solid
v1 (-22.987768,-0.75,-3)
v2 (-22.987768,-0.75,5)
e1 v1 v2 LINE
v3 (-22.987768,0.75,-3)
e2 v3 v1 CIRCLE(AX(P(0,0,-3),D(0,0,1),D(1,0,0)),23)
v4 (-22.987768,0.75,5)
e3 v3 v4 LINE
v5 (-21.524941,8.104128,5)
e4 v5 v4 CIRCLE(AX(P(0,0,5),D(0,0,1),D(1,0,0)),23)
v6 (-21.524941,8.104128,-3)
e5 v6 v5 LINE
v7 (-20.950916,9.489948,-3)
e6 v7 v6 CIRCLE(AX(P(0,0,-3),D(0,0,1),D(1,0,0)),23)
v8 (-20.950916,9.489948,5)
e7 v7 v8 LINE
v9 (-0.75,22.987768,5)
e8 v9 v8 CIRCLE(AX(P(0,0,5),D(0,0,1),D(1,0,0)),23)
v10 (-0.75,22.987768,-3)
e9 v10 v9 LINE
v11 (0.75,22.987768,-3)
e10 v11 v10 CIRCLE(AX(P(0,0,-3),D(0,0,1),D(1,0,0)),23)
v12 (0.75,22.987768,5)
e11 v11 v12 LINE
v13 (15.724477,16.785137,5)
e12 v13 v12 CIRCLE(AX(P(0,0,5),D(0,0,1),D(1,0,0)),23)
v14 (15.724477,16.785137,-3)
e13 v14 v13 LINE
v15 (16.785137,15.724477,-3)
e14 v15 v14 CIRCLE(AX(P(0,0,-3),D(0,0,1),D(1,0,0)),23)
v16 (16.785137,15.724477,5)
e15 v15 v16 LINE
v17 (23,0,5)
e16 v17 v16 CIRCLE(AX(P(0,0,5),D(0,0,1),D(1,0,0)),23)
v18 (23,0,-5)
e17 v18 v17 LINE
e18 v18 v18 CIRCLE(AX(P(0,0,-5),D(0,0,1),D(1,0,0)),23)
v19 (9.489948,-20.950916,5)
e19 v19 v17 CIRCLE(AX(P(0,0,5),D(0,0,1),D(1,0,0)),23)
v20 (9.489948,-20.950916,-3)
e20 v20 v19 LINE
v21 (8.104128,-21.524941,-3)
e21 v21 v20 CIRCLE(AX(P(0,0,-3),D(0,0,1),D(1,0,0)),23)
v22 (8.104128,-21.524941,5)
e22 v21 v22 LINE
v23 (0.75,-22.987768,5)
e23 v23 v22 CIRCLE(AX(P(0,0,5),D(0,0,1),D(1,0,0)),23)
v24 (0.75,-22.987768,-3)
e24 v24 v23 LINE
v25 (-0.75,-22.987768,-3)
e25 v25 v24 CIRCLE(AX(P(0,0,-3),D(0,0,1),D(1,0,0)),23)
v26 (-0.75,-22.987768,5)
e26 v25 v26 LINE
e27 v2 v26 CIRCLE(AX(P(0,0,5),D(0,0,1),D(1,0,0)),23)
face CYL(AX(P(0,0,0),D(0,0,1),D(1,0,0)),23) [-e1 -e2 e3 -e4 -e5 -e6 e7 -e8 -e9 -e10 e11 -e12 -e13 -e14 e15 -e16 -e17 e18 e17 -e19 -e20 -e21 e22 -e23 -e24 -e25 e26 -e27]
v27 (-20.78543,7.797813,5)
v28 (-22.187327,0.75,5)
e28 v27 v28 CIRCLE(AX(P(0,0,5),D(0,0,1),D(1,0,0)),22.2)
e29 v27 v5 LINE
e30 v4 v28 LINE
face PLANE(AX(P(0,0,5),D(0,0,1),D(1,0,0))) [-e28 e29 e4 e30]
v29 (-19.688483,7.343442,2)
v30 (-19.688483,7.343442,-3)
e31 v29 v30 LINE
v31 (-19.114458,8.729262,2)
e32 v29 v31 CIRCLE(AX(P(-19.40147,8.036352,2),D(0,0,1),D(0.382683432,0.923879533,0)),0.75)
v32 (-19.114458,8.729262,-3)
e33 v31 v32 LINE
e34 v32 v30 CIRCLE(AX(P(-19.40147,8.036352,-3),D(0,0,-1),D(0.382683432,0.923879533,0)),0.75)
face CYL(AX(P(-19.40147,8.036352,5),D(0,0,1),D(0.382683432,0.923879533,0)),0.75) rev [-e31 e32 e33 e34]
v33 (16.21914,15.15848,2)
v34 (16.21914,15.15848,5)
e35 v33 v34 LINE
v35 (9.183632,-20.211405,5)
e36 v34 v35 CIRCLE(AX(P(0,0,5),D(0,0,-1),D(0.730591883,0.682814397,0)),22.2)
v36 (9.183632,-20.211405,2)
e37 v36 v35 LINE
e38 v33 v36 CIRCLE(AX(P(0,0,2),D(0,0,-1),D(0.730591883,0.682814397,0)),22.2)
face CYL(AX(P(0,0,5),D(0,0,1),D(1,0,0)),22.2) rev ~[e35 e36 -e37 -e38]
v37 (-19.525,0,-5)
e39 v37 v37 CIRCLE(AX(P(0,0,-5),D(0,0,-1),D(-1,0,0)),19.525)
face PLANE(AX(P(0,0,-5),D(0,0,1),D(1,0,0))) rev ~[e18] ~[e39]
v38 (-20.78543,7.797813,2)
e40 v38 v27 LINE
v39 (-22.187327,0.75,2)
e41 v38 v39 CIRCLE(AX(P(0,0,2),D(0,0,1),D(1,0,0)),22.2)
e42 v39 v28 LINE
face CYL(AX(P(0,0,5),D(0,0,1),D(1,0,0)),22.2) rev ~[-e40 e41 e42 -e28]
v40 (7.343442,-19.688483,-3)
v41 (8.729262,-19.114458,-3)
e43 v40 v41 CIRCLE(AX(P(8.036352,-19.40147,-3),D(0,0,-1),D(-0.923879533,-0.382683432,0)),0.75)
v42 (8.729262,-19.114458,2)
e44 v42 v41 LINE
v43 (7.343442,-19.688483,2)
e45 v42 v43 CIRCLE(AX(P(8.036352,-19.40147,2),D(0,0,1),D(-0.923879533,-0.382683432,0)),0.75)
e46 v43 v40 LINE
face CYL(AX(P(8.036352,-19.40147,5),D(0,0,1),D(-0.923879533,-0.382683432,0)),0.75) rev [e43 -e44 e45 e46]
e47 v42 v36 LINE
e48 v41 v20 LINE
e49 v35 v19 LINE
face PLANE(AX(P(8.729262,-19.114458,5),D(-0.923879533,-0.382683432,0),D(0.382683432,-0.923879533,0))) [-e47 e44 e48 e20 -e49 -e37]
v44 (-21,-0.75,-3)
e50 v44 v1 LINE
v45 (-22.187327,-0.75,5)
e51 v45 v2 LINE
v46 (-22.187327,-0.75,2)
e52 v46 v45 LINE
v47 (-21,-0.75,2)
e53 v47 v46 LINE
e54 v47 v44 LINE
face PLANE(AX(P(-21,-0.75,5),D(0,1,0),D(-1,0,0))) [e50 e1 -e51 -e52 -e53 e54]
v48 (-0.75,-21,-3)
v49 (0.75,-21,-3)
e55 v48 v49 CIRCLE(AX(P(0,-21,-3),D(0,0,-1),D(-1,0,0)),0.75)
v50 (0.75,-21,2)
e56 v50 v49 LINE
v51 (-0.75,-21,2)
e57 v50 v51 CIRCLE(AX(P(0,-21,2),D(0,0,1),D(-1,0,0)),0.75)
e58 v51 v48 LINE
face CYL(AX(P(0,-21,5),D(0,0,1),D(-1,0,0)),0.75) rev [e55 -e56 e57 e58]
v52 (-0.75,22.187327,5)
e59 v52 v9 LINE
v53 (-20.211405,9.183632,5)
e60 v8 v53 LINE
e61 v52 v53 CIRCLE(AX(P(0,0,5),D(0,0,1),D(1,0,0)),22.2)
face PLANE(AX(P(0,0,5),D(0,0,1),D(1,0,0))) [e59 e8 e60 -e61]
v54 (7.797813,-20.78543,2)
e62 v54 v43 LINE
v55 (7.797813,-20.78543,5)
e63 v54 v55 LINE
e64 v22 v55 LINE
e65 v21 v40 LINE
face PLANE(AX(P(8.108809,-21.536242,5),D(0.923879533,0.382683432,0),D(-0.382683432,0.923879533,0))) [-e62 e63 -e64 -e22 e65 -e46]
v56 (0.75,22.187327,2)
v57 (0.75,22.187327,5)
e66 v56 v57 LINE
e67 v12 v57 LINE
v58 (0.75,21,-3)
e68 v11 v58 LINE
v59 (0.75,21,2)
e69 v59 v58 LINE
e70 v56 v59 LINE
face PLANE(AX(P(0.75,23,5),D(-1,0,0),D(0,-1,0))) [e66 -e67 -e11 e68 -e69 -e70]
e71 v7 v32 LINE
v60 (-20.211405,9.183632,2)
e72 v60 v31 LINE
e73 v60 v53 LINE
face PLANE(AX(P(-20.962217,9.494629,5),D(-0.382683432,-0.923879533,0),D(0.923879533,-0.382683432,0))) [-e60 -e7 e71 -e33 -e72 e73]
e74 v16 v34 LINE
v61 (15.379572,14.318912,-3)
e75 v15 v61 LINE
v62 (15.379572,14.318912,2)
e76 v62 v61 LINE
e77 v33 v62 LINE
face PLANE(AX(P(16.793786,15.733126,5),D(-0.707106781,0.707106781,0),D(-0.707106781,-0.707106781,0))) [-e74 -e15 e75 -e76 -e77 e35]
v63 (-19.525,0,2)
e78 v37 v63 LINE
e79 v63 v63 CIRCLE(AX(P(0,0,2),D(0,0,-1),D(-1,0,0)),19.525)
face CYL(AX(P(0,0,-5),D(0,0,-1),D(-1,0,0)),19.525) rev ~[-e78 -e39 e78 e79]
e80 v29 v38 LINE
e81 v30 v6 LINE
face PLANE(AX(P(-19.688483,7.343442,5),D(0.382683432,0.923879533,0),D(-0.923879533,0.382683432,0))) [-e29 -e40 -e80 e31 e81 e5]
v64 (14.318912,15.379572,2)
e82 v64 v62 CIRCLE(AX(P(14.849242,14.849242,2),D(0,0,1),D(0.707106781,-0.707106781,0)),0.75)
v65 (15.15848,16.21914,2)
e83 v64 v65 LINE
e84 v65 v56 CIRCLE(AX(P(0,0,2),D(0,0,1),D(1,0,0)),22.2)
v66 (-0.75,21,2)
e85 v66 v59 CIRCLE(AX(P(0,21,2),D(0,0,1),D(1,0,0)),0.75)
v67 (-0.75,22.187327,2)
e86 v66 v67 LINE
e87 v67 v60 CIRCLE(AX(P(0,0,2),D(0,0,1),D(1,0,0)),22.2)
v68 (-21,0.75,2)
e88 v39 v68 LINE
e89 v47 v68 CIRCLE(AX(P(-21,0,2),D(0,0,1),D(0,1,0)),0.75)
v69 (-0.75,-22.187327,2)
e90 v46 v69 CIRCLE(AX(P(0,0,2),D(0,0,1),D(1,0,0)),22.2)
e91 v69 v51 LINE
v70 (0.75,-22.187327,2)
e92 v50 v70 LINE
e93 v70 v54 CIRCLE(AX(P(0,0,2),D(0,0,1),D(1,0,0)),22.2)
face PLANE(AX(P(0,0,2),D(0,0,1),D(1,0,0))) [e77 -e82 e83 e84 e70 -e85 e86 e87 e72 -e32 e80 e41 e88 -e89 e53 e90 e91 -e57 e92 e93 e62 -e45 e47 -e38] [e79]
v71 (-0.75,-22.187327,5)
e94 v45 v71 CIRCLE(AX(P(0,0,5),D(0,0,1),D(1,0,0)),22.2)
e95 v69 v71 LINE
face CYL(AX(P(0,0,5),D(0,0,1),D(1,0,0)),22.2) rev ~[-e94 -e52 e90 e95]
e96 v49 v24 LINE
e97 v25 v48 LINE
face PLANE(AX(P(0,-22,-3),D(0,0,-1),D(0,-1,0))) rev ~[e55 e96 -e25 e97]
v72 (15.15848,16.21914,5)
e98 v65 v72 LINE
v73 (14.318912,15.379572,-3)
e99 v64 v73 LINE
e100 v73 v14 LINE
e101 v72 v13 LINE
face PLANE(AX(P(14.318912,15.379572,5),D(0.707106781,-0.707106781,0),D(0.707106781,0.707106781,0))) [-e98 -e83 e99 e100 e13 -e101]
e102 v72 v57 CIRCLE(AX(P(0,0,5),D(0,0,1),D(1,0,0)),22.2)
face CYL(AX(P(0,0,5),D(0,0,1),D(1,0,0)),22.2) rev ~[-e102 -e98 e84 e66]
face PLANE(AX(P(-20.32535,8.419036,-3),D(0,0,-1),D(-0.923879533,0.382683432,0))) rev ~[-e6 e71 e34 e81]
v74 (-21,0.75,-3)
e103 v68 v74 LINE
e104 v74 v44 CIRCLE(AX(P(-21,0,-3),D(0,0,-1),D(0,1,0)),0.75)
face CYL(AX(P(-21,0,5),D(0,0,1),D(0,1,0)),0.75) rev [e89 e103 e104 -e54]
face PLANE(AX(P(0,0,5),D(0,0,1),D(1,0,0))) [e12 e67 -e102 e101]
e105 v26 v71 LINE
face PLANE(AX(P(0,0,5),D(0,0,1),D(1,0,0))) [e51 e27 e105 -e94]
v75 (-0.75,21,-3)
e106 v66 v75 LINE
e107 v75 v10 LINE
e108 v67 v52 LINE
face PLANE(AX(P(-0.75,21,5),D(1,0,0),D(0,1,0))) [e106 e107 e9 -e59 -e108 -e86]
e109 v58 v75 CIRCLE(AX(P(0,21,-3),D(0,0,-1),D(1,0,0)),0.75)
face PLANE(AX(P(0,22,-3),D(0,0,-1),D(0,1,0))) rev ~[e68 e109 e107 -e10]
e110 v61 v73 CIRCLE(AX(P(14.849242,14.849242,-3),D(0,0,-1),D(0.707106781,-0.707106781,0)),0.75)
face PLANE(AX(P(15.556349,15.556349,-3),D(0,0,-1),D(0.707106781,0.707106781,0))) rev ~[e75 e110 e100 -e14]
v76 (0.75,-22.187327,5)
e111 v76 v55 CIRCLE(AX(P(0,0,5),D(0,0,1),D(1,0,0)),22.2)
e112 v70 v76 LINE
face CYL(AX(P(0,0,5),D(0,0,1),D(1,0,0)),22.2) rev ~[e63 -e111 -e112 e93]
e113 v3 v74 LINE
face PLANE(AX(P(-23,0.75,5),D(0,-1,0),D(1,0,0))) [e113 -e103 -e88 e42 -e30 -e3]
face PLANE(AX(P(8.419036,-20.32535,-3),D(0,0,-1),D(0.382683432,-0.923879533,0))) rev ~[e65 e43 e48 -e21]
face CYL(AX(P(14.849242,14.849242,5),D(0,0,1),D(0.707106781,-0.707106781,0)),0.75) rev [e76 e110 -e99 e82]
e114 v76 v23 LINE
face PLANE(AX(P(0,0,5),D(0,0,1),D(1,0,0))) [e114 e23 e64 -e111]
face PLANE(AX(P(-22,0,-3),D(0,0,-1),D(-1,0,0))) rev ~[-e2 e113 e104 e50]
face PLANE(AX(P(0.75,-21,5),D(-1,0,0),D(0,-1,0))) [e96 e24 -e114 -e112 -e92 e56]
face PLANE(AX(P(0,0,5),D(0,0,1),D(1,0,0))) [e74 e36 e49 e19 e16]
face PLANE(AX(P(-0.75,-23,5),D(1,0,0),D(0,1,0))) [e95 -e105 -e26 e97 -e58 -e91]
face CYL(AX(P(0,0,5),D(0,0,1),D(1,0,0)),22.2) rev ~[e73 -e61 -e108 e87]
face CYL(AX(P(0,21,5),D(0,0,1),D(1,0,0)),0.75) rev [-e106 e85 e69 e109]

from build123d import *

# Parameters (mm, degrees)
SKETCH1_R           = 23
BOSS_EXTRUDE1_DEPTH = 5
SKETCH2_R           = 22.2
CUT_EXTRUDE1_DEPTH  = 3
SKETCH3_R           = 19.525
CUT_EXTRUDE2_DEPTH  = 7
CUT_EXTRUDE4_DEPTH  = 8
CIRPATTERN1_COUNT   = 16


with BuildPart() as part:
    # Sketch1 → Boss-Extrude1 (new body, symmetric)
    with BuildSketch(Plane.XY):
        Circle(SKETCH1_R)
    extrude(amount=BOSS_EXTRUDE1_DEPTH, both=True)

    # Sketch2 → Cut-Extrude1 (cut)
    with BuildSketch(Plane.XY.offset(5)):
        Circle(SKETCH2_R)
    extrude(amount=-CUT_EXTRUDE1_DEPTH, mode=Mode.SUBTRACT)

    # Sketch3 → Cut-Extrude2 (cut)
    with BuildSketch(Plane(origin=(0, 0, -5), x_dir=(-1, 0, 0), z_dir=(0, 0, -1))):
        Circle(SKETCH3_R)
    extrude(amount=-CUT_EXTRUDE2_DEPTH, mode=Mode.SUBTRACT)

    # Sketch5 → Cut-Extrude4 (cut)
    with BuildSketch(Plane.XY.offset(5)):
        with BuildLine():
            Line((-23, 0.75), (-21, 0.75))
            ThreePointArc((-21, 0.75), (-20.25, 0), (-21, -0.75))
            Line((-21, -0.75), (-23, -0.75))
            ThreePointArc((-23, -0.75), (-23.75, 0), (-23, 0.75))
        make_face()
    cut_extrude4 = extrude(amount=-CUT_EXTRUDE4_DEPTH, mode=Mode.SUBTRACT)

    # CirPattern1: Cut-Extrude4 ×16 about axis, 10 skipped
    cirpattern1_axis = Axis((0, 0, 5), (0, 0, 1))
    add([cut_extrude4.rotate(cirpattern1_axis, i * 360 / CIRPATTERN1_COUNT) for i in range(1, CIRPATTERN1_COUNT) if i not in (1, 2, 3, 6, 7, 8, 9, 11, 13, 14)], mode=Mode.SUBTRACT)


solid = part.part
